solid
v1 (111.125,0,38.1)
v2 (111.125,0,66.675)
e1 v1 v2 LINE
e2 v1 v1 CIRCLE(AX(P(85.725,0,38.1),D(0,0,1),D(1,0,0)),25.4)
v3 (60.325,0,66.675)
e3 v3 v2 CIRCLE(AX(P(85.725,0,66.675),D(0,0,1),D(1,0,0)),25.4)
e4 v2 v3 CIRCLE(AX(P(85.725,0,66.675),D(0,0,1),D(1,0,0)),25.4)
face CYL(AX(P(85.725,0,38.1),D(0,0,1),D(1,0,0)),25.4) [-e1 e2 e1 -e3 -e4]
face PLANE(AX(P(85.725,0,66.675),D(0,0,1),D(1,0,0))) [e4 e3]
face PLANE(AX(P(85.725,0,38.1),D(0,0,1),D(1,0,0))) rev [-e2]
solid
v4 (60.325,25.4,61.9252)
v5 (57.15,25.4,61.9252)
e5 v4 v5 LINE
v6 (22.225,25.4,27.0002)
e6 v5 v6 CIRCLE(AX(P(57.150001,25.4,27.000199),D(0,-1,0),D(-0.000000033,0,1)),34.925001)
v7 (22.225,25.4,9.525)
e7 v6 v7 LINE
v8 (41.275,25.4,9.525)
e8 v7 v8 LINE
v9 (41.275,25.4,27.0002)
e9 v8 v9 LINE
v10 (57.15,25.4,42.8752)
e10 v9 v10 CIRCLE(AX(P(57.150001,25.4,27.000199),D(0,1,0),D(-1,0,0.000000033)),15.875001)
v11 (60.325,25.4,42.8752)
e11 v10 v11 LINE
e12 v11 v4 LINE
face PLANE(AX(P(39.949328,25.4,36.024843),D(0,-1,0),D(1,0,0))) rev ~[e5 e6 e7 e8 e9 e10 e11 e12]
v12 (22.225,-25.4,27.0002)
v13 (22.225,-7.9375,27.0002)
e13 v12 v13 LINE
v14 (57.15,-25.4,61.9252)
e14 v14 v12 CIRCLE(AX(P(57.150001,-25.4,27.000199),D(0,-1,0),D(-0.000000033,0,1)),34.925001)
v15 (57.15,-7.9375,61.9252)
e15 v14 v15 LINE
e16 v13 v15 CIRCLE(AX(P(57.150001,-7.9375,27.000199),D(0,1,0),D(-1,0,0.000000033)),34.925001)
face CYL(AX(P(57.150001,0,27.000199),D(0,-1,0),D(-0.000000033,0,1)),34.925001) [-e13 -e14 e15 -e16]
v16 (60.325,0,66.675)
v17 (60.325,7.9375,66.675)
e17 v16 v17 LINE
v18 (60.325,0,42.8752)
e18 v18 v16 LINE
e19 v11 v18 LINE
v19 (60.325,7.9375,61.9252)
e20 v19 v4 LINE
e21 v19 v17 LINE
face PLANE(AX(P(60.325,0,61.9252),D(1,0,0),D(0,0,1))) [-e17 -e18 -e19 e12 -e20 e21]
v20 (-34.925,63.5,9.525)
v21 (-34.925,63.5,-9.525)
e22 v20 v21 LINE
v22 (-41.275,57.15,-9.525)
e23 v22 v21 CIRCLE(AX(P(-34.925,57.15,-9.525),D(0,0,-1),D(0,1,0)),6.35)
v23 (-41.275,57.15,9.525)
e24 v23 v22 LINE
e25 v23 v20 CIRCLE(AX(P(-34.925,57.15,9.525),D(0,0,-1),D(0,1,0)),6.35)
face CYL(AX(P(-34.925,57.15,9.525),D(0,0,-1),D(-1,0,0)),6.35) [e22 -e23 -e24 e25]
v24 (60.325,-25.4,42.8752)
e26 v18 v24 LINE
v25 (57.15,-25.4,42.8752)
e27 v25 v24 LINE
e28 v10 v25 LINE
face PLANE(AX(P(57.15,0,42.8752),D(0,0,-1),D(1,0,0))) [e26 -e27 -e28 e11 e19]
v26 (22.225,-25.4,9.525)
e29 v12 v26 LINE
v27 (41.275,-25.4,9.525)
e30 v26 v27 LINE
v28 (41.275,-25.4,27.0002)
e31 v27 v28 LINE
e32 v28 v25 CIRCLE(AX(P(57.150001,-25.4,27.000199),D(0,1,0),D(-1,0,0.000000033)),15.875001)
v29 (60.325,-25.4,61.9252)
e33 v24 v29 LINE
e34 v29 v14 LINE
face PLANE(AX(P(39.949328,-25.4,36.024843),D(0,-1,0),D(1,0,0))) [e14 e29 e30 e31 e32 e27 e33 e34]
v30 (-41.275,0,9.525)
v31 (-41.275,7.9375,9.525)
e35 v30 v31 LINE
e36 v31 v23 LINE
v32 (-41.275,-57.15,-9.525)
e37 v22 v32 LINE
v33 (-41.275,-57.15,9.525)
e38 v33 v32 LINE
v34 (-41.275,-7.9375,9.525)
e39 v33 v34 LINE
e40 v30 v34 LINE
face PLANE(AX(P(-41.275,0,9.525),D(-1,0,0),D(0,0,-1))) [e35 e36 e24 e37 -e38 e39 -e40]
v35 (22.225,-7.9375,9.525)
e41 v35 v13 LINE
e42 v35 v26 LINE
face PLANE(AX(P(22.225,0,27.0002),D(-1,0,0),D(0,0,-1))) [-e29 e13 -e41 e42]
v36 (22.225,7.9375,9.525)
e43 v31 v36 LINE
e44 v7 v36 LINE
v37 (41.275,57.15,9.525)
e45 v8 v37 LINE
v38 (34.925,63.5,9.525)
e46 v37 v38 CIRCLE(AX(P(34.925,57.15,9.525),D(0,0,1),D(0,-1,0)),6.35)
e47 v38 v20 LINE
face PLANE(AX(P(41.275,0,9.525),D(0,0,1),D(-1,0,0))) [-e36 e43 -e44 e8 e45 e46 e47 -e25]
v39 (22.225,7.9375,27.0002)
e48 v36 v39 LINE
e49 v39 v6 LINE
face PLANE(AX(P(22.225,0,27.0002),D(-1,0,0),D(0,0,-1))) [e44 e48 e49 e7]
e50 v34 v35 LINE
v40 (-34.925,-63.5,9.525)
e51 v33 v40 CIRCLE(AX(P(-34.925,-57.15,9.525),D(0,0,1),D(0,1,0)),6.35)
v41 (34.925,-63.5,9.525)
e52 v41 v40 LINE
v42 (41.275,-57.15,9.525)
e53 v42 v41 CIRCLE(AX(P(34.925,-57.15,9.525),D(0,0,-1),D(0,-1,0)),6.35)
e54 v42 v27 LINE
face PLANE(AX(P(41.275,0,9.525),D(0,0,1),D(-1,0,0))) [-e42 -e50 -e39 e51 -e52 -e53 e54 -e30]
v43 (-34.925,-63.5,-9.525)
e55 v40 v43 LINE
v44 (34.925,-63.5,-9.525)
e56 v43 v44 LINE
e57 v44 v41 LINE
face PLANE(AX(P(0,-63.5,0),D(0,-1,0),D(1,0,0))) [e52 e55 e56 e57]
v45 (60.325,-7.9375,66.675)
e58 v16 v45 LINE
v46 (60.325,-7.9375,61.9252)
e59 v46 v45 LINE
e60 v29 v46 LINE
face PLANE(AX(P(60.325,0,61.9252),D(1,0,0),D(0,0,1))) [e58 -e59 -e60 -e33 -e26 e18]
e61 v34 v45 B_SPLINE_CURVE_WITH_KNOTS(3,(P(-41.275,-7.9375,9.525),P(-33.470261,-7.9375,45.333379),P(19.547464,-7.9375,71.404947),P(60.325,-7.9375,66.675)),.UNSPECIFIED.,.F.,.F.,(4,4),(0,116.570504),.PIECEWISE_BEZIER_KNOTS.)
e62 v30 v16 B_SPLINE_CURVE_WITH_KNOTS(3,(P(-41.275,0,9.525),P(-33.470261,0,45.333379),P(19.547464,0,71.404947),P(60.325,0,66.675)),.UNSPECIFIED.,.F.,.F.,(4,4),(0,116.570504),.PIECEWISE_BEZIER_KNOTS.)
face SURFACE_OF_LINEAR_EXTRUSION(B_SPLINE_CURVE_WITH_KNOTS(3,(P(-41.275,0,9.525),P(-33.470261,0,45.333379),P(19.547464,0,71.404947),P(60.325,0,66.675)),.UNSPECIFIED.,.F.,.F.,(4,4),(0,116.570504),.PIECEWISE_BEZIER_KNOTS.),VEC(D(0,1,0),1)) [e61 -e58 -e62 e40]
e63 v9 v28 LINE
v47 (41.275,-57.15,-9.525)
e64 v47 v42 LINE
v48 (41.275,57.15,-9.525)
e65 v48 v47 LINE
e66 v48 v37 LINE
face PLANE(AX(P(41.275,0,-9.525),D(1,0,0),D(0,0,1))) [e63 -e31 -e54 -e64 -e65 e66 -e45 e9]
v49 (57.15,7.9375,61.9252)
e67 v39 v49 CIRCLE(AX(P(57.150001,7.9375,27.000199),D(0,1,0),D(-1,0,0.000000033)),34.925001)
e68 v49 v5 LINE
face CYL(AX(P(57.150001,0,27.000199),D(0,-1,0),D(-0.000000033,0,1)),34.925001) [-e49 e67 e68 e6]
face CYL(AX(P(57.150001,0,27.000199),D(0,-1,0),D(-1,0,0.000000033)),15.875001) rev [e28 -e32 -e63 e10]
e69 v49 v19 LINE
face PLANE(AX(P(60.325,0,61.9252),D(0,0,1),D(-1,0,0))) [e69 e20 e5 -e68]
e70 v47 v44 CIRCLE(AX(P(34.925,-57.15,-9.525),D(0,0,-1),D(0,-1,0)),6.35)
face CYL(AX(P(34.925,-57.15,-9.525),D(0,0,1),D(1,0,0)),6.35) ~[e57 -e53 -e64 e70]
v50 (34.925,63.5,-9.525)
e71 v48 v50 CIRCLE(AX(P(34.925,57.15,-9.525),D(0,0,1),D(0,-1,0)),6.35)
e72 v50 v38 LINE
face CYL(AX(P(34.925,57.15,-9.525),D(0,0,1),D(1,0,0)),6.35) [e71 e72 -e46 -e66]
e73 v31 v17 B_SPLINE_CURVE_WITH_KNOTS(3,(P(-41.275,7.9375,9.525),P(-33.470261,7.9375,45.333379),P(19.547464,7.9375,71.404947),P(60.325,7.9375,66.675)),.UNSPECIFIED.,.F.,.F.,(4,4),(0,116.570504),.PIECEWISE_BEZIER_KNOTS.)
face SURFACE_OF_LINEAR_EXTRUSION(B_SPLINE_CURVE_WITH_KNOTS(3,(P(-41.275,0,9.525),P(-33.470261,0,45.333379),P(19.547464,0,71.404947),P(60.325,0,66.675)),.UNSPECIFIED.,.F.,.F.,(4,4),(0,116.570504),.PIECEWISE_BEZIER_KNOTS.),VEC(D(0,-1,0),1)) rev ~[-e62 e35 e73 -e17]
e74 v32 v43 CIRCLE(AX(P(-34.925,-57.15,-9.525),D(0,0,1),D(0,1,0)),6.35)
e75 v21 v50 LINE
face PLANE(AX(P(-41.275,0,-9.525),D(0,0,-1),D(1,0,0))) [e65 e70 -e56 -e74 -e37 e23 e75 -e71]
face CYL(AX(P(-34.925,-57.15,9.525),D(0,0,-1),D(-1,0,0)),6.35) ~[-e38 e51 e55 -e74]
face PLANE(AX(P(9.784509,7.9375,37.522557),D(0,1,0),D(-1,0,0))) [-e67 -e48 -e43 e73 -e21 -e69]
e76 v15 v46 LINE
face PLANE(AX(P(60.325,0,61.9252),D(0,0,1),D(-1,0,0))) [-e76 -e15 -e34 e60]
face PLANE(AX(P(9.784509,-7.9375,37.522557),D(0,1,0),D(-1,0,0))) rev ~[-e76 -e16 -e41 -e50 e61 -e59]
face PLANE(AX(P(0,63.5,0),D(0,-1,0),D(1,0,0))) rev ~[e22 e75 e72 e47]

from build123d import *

# Parameters (mm, degrees)
F1_DEPTH = 63.5
F2_DEPTH = 25.4
F3_DEPTH = 7.9375
F5_R     = 6.35


with BuildPart() as f1:
    # F0 (on Front) → F1 (new body, symmetric)
    with BuildSketch(Plane.XZ):
        Polygon((22.225, 9.525), (-41.275, 9.525), (-41.275, -9.525), (41.275, -9.525), (41.275, 9.525), align=None)
    extrude(amount=F1_DEPTH, both=True)

    # F0 (on Front) → F2 (join, symmetric)
    with BuildSketch(Plane.XZ):
        with BuildLine():
            Line((22.225, 27.0002), (22.225, 9.525))
            Line((22.225, 9.525), (41.275, 9.525))
            Line((41.275, 9.525), (41.275, 27.0002))
            ThreePointArc((41.275, 27.0002), (45.92468, 38.22552), (57.15, 42.8752))
            Line((57.15, 42.8752), (60.325, 42.8752))
            Line((60.325, 42.8752), (60.325, 61.9252))
            Line((60.325, 61.9252), (57.15, 61.9252))
            ThreePointArc((57.15, 61.9252), (32.454296, 51.695904), (22.225, 27.0002))
        make_face()
    extrude(amount=F2_DEPTH, both=True)

    # F0 (on Front) → F3 (join, symmetric)
    with BuildSketch(Plane.XZ):
        with BuildLine():
            add(Edge.make_bspline(
                [(-41.275, 9.525), (-33.470261, 45.333379), (19.547464, 71.404947), (60.325, 66.675)],
                knots=[0, 0, 0, 0, 116.570504, 116.570504, 116.570504, 116.570504], degree=3))
            Line((-41.275, 9.525), (22.225, 9.525))
            Line((22.225, 9.525), (22.225, 27.0002))
            ThreePointArc((22.225, 27.0002), (32.454296, 51.695904), (57.15, 61.9252))
            Line((57.15, 61.9252), (60.325, 61.9252))
            Line((60.325, 61.9252), (60.325, 66.675))
        make_face()
    extrude(amount=F3_DEPTH, both=True)

    # F0 (on Front) → F4 (revolve)
    with BuildSketch(Plane.XZ):
        Polygon((111.125, 66.675), (85.725, 66.675), (85.725, 61.9252), (85.725, 38.1), (111.125, 38.1), align=None)
    revolve(axis=Axis((85.725, 0, 52.3875), (0, 0, 1)))

    # F5
    f5_edges = [f1.edges().sort_by_distance(p)[0] for p in [
        (-41.275, -63.5, 0),
        (-41.275, 63.5, 0),
        (41.275, -63.5, 0),
        (41.275, 63.5, 0),
    ]]
    fillet(f5_edges, radius=F5_R)


solid = f1.part
